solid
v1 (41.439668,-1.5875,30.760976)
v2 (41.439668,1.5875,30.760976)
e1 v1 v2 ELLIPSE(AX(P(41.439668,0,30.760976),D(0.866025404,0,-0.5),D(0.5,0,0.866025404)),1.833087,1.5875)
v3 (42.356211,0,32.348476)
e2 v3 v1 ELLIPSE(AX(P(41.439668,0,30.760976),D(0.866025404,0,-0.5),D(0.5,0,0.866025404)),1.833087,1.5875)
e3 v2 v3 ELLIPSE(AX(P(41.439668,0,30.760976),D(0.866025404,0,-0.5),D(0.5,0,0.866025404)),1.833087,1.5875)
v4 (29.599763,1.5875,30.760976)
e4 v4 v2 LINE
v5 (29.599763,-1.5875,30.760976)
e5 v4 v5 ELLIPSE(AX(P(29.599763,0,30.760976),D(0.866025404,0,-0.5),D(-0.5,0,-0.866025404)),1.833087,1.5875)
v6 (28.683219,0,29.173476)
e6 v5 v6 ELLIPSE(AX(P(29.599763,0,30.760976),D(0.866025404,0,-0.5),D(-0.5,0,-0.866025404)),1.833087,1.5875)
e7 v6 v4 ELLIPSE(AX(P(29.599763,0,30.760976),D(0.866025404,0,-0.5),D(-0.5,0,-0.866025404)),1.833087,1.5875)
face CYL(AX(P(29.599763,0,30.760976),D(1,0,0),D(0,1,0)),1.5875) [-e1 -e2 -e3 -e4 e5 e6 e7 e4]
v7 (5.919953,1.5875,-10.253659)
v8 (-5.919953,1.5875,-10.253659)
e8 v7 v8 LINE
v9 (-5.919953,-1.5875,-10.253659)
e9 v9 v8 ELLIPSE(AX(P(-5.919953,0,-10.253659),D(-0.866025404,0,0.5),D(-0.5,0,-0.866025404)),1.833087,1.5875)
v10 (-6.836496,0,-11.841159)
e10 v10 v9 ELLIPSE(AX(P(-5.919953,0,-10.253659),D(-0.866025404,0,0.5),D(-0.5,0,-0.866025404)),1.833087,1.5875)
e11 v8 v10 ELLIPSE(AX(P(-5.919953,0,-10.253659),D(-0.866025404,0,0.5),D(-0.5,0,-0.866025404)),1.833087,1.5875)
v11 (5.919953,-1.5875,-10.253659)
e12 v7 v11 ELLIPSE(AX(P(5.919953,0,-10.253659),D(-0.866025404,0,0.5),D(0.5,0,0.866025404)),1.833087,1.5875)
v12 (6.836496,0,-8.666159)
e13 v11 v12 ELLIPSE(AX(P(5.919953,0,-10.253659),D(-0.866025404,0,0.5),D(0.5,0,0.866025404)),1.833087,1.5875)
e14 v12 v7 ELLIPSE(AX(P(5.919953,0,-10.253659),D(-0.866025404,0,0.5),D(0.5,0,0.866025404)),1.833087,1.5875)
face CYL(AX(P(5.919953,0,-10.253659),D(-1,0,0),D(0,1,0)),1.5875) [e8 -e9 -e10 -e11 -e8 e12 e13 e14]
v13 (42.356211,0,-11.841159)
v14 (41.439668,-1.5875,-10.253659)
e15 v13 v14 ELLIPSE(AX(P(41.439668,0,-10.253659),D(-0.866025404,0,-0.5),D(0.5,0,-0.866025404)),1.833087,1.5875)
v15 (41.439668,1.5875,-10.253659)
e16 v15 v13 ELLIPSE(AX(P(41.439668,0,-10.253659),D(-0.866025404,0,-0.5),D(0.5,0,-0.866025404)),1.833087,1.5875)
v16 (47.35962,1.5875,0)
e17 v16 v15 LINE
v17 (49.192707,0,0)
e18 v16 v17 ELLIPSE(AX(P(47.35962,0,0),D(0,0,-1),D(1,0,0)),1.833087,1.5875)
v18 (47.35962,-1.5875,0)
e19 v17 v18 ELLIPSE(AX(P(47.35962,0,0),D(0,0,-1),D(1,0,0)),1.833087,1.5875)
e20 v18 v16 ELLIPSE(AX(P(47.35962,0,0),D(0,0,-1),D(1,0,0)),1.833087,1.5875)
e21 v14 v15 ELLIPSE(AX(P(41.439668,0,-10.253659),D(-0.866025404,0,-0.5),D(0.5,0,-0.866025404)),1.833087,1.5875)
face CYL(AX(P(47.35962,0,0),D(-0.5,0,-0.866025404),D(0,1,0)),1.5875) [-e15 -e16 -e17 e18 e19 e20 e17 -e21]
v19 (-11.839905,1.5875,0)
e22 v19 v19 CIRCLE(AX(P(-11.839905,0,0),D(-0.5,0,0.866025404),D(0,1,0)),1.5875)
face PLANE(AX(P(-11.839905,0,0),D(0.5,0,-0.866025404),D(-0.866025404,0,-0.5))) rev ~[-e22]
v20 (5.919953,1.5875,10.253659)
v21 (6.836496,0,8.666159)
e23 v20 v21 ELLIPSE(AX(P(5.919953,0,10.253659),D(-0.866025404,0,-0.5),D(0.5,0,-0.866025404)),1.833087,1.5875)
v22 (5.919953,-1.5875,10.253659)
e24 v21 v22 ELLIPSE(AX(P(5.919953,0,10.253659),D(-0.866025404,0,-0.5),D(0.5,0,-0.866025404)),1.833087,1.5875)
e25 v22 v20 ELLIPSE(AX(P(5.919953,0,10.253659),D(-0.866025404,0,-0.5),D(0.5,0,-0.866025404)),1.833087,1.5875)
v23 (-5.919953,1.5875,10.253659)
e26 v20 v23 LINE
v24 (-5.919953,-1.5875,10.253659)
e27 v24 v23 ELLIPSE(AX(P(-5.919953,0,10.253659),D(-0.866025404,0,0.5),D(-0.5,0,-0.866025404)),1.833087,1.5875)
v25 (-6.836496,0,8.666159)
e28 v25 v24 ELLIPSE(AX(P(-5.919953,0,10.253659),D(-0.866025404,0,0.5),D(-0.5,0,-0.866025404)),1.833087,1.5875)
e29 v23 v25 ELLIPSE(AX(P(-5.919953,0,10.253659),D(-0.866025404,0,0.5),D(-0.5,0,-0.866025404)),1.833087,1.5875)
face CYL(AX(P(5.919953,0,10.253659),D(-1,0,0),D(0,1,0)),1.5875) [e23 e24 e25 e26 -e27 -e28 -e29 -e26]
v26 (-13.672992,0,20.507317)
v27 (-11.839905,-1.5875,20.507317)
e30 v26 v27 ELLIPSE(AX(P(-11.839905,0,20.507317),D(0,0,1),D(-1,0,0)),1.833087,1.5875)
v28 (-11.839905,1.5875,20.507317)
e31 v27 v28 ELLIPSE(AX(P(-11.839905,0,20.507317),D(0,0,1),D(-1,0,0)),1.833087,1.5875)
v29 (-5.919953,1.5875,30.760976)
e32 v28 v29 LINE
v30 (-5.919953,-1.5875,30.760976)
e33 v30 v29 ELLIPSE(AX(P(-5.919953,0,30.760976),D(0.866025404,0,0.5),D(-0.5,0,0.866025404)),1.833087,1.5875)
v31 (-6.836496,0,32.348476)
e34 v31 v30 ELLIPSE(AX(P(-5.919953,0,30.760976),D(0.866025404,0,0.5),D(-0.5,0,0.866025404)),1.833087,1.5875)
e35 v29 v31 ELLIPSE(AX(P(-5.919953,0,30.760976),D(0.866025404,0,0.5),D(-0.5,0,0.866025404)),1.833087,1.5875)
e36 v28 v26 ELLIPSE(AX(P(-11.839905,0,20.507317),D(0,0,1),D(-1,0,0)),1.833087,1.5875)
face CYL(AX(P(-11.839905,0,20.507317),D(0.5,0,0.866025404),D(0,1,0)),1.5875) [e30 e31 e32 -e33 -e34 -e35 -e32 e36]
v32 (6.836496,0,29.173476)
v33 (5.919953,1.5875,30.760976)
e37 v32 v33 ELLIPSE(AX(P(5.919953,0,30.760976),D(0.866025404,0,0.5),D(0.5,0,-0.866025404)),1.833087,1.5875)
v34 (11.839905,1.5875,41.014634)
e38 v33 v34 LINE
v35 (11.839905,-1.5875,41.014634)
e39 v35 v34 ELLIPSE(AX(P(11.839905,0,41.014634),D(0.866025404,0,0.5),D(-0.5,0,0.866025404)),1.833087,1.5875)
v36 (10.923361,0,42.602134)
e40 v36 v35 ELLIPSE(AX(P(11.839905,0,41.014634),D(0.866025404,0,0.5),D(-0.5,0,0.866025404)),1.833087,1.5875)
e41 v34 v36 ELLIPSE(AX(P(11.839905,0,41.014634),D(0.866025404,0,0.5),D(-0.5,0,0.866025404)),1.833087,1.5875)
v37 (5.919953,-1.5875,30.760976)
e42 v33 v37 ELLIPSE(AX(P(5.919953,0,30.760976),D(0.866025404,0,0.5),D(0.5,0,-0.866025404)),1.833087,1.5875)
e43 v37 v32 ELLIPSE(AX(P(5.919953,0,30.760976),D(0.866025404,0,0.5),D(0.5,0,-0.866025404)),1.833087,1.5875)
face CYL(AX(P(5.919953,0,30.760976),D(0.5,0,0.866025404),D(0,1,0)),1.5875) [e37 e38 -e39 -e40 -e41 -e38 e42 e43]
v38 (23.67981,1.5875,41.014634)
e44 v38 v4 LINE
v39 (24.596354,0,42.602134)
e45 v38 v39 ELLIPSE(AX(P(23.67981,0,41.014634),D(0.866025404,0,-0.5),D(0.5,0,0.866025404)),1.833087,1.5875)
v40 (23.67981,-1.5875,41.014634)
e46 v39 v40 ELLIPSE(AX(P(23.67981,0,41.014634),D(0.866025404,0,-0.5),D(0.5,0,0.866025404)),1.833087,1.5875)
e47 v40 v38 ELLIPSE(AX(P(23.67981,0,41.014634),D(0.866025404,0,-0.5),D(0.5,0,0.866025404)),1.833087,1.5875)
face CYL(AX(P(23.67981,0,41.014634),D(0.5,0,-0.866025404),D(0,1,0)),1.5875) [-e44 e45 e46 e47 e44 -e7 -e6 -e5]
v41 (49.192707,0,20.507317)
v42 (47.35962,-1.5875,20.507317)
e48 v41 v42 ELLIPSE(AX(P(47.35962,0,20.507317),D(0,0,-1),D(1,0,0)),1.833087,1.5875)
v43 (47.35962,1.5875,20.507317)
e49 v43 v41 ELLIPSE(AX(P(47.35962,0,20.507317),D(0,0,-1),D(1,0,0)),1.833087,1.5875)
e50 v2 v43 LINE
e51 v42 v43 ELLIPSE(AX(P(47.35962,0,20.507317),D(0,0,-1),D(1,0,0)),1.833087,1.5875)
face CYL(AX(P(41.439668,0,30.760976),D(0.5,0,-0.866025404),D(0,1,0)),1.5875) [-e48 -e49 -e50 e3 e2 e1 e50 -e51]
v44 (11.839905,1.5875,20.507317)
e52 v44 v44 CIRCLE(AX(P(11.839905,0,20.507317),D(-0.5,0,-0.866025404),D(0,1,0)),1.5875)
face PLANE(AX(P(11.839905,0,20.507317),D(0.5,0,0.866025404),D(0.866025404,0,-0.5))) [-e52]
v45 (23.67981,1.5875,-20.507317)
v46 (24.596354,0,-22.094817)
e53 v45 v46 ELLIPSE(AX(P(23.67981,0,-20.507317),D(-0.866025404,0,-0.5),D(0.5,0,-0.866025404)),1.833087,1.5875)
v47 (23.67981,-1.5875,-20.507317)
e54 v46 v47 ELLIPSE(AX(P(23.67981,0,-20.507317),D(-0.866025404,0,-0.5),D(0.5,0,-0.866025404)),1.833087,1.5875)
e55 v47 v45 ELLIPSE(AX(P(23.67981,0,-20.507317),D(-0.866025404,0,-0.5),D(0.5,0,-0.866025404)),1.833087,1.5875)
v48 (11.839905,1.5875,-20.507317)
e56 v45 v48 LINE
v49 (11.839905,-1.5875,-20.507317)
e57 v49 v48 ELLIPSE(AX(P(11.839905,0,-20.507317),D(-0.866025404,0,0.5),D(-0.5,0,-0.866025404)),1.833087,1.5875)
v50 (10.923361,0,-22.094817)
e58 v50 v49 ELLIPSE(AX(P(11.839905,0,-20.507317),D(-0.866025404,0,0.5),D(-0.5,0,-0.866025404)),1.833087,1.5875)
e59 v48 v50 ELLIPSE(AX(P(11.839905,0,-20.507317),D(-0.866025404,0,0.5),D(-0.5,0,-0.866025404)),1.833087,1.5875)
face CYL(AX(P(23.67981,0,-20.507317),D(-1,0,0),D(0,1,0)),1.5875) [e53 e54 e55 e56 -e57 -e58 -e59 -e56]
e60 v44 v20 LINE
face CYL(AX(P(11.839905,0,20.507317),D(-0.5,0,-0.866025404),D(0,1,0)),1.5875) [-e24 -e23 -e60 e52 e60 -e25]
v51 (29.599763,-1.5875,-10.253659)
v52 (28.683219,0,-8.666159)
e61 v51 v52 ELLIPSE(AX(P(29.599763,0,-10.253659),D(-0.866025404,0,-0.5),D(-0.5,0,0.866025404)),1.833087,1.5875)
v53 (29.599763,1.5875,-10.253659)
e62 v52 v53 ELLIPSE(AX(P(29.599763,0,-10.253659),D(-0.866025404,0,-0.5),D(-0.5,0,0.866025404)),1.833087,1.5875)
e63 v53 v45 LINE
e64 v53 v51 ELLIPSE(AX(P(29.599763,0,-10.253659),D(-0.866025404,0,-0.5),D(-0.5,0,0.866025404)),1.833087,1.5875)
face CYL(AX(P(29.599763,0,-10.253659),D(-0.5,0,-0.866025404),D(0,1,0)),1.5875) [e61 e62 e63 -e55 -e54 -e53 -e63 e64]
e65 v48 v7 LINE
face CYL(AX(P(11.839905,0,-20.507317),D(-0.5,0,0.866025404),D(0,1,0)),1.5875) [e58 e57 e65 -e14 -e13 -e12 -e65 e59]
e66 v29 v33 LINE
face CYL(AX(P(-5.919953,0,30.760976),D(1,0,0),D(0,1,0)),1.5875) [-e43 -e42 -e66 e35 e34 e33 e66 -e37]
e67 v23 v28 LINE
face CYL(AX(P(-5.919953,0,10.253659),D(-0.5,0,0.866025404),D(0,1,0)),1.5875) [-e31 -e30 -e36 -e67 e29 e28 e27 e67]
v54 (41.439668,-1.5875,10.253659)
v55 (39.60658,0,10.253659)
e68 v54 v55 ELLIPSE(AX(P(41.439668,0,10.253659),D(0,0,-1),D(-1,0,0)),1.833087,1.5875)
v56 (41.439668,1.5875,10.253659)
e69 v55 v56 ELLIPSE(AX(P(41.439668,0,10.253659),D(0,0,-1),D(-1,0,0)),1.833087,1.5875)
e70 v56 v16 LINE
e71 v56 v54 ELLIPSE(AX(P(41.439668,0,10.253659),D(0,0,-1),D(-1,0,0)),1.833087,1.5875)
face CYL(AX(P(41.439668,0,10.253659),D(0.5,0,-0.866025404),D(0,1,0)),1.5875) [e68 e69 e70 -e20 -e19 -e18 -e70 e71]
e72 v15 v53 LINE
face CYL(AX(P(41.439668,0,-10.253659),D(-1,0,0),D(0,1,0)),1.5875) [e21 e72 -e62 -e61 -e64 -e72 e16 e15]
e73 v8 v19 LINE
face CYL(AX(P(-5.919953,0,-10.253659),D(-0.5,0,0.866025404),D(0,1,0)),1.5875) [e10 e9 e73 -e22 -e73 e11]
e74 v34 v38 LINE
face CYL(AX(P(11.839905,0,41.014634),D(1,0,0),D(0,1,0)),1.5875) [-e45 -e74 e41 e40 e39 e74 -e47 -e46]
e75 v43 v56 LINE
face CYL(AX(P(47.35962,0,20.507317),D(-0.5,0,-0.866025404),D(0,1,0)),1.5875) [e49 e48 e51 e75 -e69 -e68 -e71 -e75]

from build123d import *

# Parameters (mm, degrees)
F1_R = 1.5875


with BuildPart() as f2:
    # F2: sweep along a path in F0
    with BuildLine(Plane.XZ) as f2_path:
        Line((11.8399050113, 20.5073170364), (5.9199525057, 10.2536585182))
        Line((5.9199525057, 10.2536585182), (-5.9199525057, 10.2536585182))
        Line((-5.9199525057, 10.2536585182), (-11.8399050113, 20.5073170364))
        Line((-11.8399050113, 20.5073170364), (-5.9199525057, 30.7609755546))
        Line((-5.9199525057, 30.7609755546), (5.9199525057, 30.7609755546))
        Line((5.9199525057, 30.7609755546), (11.8399050113, 41.0146340728))
        Line((11.8399050113, 41.0146340728), (23.6798100226, 41.0146340728))
        Line((23.6798100226, 41.0146340728), (29.5997625283, 30.7609755546))
        Line((29.5997625283, 30.7609755546), (41.4396675396, 30.7609755546))
        Line((41.4396675396, 30.7609755546), (47.3596200453, 20.5073170364))
        Line((47.3596200453, 20.5073170364), (41.4396675396, 10.2536585182))
        Line((41.4396675396, 10.2536585182), (47.3596200453, 0))
        Line((47.3596200453, 0), (41.4396675396, -10.2536585182))
        Line((41.4396675396, -10.2536585182), (29.5997625283, -10.2536585182))
        Line((29.5997625283, -10.2536585182), (23.6798100226, -20.5073170364))
        Line((23.6798100226, -20.5073170364), (11.8399050113, -20.5073170364))
        Line((11.8399050113, -20.5073170364), (5.9199525057, -10.2536585182))
        Line((5.9199525057, -10.2536585182), (-5.9199525057, -10.2536585182))
        Line((-5.9199525057, -10.2536585182), (-11.8399050113, 0))
    # F1 (on Right) → F2 (sweep)
    with BuildSketch(Plane.YZ):
        with Locations((0, 10.2536585182)):
            Circle(F1_R)
    sweep(path=f2_path.line, transition=Transition.RIGHT)


solid = f2.part
